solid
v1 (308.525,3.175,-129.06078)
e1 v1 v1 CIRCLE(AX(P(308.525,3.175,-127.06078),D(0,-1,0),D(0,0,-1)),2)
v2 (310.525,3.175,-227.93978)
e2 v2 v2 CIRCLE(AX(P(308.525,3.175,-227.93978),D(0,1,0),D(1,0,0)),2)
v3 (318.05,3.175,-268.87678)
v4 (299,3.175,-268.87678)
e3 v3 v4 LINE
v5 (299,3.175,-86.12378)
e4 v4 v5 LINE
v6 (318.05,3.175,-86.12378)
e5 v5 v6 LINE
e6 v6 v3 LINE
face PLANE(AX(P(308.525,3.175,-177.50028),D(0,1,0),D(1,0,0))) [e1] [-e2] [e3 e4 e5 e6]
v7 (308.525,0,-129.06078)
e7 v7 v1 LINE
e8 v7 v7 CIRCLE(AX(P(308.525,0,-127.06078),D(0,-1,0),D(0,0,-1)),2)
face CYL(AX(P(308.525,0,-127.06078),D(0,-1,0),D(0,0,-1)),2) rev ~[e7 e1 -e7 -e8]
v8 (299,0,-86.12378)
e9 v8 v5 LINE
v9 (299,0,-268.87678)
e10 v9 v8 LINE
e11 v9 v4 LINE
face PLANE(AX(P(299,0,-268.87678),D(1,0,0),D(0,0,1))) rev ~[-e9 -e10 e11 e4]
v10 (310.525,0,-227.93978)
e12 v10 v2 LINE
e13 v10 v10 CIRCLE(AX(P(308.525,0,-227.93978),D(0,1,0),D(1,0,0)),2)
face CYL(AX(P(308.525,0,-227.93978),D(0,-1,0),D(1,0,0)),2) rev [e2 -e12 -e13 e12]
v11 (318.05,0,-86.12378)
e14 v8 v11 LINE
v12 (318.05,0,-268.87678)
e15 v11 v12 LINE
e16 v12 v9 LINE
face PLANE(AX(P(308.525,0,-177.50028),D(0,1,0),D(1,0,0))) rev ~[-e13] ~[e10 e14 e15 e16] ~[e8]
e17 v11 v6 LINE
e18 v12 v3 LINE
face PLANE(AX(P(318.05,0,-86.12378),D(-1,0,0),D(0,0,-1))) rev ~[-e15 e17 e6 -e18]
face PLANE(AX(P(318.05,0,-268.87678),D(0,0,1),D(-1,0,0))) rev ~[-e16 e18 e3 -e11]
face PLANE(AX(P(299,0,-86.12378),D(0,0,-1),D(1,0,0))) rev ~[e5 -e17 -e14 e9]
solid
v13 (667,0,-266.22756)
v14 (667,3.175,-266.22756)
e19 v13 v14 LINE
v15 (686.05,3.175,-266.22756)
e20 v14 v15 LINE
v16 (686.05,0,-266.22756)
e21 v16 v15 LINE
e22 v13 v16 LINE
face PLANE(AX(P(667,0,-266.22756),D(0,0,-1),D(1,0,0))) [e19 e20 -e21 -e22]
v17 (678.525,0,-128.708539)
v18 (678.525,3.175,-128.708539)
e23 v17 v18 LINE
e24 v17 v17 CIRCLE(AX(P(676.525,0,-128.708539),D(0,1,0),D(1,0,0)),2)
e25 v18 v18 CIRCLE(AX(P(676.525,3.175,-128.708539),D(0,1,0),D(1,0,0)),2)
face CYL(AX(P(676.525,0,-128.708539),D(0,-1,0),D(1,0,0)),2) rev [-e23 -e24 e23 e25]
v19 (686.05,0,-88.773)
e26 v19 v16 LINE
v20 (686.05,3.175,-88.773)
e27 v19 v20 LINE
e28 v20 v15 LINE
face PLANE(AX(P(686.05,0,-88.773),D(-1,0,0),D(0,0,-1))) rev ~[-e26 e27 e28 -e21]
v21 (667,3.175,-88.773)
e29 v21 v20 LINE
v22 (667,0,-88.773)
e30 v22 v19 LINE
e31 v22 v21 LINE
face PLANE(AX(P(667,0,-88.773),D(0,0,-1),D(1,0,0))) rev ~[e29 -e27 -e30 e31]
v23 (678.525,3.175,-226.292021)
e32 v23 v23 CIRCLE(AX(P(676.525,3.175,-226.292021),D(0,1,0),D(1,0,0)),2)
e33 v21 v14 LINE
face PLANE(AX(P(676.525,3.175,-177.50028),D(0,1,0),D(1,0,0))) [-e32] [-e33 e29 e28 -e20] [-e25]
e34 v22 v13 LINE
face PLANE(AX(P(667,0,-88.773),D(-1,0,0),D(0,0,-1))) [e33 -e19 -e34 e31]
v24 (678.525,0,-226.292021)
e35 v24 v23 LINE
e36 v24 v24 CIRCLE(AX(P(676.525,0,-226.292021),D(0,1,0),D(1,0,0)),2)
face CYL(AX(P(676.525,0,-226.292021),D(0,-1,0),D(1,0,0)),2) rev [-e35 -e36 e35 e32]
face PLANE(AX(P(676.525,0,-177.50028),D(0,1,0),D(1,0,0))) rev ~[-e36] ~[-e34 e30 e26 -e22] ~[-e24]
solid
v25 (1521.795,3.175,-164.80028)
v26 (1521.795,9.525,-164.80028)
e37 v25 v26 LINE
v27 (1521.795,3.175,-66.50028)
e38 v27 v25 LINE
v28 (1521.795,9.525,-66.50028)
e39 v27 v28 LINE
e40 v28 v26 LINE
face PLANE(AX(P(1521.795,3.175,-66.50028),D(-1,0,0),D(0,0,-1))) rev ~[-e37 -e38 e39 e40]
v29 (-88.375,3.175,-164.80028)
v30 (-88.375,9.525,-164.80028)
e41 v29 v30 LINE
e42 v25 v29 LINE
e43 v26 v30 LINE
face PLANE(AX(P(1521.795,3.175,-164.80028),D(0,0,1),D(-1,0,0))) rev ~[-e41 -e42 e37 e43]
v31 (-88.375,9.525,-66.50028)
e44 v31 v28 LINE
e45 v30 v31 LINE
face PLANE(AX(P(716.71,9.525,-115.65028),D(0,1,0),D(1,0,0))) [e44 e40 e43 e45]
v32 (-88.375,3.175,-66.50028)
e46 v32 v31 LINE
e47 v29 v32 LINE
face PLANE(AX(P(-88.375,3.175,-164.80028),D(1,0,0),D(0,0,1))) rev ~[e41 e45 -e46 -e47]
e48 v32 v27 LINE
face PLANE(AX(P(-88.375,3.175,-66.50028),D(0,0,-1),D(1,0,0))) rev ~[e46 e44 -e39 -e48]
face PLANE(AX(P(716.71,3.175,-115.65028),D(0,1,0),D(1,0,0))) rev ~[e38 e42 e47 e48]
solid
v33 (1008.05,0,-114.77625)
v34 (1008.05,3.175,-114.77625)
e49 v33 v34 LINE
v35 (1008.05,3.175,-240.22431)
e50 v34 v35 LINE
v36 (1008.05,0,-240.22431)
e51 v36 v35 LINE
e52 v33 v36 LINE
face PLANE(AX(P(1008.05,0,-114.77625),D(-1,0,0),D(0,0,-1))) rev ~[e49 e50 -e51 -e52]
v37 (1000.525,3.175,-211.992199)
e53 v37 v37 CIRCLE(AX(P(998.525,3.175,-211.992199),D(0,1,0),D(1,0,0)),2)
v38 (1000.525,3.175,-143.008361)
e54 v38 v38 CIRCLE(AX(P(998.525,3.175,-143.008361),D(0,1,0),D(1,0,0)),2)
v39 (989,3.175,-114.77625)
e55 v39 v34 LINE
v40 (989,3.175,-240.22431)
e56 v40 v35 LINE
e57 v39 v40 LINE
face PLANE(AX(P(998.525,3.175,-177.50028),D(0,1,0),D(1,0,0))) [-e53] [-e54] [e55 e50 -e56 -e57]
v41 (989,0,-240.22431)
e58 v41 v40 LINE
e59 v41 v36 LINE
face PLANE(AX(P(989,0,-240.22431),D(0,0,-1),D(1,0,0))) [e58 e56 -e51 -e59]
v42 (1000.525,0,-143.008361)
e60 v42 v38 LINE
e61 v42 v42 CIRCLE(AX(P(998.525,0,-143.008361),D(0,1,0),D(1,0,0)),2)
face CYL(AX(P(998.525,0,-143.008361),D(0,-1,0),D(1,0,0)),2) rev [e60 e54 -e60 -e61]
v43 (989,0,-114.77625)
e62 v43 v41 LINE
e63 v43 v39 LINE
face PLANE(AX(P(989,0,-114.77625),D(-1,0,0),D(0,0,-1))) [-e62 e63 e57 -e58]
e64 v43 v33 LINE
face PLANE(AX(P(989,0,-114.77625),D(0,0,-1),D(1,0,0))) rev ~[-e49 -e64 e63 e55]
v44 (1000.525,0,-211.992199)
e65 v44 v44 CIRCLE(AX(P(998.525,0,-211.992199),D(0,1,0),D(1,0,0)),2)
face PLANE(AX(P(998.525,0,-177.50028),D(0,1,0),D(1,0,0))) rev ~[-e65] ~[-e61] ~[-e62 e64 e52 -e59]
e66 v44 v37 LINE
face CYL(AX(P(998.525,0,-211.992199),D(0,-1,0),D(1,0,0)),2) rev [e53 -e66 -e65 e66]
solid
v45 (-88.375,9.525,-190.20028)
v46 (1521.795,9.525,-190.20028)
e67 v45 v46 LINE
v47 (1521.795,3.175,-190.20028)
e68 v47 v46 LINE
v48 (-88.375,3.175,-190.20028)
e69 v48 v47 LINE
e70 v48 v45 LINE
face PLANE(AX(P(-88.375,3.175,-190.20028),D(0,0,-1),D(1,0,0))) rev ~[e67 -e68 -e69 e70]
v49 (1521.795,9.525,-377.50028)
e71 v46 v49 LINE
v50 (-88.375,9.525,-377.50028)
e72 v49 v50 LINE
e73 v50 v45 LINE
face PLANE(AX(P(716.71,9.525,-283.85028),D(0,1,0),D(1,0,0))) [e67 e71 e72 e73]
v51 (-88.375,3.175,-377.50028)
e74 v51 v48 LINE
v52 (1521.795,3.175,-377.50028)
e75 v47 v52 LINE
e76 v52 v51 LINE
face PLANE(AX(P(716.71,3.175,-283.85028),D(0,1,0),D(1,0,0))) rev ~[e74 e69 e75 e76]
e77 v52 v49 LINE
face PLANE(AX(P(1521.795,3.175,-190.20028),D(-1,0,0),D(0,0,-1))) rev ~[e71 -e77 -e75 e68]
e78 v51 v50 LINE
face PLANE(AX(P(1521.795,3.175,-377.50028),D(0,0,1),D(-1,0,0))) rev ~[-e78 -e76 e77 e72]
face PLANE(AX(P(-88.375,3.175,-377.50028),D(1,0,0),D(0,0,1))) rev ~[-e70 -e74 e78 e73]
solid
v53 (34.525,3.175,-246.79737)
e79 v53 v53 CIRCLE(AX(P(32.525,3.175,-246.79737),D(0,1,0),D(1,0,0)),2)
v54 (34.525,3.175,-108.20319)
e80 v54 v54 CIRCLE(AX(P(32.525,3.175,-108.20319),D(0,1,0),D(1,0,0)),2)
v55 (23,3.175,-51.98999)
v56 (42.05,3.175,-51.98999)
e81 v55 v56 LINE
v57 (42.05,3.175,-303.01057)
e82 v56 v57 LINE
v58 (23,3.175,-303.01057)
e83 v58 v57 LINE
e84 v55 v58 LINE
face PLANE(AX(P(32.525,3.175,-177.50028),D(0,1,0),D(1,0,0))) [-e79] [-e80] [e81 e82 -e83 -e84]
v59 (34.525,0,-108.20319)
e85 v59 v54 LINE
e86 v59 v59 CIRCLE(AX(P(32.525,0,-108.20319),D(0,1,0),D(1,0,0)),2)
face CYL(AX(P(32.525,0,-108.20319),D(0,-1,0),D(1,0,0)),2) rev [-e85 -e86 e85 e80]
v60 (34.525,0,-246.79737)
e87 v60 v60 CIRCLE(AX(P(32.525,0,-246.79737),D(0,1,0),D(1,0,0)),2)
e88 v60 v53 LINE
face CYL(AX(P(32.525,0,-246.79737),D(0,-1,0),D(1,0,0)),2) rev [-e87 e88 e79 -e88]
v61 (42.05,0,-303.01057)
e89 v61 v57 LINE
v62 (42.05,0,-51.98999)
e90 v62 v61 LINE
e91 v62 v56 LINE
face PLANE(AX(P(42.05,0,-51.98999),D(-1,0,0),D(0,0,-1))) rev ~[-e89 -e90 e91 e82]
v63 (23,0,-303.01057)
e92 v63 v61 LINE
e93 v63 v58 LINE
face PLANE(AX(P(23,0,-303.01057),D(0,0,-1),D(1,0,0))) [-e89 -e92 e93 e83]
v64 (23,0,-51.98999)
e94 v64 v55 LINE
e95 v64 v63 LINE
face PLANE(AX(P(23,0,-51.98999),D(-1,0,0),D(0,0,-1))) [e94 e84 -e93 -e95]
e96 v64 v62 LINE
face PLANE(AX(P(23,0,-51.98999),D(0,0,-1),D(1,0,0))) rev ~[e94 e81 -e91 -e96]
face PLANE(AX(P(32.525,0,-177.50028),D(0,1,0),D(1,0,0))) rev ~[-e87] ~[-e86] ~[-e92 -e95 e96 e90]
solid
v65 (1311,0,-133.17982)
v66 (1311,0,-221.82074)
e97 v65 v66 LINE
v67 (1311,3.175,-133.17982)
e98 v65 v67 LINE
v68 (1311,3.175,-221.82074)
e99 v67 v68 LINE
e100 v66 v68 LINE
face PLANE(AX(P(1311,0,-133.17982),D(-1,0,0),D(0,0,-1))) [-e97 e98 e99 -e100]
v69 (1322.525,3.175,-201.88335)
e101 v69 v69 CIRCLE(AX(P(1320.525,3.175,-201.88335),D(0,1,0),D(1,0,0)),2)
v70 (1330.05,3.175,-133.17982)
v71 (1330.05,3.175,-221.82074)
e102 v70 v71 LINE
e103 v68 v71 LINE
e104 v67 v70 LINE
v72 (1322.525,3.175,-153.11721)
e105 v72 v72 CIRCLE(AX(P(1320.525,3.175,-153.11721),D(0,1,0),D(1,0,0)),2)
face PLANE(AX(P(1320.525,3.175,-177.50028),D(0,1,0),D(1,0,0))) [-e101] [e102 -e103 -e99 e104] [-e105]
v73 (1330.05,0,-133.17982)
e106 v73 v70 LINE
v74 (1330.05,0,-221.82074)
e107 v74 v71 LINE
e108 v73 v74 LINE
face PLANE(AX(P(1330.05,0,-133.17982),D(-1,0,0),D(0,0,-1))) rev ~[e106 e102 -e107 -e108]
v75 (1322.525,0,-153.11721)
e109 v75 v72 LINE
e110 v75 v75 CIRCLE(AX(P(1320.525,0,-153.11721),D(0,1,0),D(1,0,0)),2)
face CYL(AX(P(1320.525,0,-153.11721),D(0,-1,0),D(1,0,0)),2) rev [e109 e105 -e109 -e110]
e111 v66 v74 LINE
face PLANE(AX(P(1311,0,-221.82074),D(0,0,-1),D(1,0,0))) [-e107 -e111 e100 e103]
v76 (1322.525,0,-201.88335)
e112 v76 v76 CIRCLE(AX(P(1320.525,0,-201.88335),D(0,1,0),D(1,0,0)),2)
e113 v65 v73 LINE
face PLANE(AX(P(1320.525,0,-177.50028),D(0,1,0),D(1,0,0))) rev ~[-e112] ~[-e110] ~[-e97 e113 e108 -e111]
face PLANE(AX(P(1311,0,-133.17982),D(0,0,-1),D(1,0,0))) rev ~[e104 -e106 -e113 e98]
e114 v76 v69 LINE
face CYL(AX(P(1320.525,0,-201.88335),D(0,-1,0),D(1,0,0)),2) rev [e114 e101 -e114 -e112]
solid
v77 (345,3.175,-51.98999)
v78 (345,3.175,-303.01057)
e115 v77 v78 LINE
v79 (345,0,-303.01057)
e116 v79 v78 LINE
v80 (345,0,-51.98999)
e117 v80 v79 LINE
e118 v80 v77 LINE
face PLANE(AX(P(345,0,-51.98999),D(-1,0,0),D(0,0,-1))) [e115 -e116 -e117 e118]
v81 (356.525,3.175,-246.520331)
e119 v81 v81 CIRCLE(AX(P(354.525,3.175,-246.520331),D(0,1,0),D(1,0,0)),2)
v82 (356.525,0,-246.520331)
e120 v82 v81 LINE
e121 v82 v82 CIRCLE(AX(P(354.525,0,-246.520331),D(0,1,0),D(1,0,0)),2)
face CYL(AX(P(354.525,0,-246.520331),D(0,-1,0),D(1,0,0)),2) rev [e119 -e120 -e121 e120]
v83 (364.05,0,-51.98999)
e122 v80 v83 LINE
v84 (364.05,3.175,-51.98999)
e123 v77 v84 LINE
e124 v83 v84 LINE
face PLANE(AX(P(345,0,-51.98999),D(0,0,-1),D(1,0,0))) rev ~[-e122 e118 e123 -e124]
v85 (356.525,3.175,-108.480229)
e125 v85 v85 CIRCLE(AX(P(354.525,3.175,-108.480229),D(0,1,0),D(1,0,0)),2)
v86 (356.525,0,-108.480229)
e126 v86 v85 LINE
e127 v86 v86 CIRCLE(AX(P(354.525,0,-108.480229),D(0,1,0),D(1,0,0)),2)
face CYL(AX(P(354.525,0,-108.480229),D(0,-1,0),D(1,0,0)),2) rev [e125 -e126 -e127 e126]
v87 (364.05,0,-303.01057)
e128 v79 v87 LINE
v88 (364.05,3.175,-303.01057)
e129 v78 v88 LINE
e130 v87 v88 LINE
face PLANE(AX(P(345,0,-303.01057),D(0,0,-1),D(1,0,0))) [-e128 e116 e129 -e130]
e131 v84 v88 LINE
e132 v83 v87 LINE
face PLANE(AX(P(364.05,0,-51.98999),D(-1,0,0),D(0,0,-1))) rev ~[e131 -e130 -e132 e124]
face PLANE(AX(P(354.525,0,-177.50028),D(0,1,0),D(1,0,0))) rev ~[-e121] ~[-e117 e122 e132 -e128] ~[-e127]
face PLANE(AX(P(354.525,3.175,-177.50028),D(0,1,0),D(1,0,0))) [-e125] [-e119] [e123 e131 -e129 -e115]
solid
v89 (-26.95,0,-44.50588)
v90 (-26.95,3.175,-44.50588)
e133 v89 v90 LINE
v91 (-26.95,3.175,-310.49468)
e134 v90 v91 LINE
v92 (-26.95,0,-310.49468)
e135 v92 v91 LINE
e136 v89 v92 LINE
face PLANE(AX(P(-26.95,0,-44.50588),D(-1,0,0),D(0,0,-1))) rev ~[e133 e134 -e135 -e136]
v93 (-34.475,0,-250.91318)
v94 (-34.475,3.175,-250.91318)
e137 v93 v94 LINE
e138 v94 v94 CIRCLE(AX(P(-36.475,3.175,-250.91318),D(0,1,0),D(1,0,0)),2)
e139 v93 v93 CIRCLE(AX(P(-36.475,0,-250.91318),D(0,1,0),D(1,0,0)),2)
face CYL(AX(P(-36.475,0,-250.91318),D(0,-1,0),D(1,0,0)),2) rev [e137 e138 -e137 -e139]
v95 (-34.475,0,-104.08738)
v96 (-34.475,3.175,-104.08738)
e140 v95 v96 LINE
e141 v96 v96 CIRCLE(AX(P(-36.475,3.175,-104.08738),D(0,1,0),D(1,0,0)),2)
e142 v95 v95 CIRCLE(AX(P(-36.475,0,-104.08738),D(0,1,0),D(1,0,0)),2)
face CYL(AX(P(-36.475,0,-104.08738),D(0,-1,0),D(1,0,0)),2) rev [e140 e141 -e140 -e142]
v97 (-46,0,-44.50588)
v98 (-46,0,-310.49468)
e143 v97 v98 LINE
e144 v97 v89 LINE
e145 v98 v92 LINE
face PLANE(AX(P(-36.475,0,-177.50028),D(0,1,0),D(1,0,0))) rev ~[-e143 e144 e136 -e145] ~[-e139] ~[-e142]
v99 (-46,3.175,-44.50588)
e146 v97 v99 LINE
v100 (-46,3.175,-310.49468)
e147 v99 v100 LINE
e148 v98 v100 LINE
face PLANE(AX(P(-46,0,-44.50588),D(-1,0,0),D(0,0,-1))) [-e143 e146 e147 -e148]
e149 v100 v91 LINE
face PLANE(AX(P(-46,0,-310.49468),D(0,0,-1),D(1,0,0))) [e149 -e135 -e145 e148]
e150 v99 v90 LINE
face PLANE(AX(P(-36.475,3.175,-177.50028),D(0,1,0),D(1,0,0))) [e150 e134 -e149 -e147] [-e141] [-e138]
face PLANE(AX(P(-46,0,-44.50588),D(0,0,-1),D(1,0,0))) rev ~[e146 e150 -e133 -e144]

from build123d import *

# Parameters (mm, degrees)
SKETCH2_W             = 19.05
SKETCH2_H             = 251.02058
SKETCH2_R             = 2
BOSS_EXTRUDE1_DEPTH   = 3.175
BOSS_EXTRUDE1_2_DEPTH = 3.175
BOSS_EXTRUDE1_3_DEPTH = 3.175
SKETCH2_H_2           = 177.45456
BOSS_EXTRUDE1_4_DEPTH = 3.175
SKETCH2_H_3           = 125.44806
BOSS_EXTRUDE1_5_DEPTH = 3.175
SKETCH2_H_4           = 88.64092
BOSS_EXTRUDE1_6_DEPTH = 3.175
SKETCH2_H_5           = 265.9888
BOSS_EXTRUDE1_7_DEPTH = 3.175
BOSS_EXTRUDE2_DEPTH   = 6.35
BOSS_EXTRUDE2_2_DEPTH = 6.35


with BuildPart() as part:
    # Sketch2 → Boss-Extrude1 (new body)
    with BuildSketch(Plane(origin=(0, 0, 0), x_dir=(1, 0, 0), z_dir=(0, 1, 0))):
        with Locations((32.525, 177.50028)):
            Rectangle(SKETCH2_W, SKETCH2_H)
        with Locations((32.525, 246.79737)):
            Circle(SKETCH2_R, mode=Mode.SUBTRACT)
        with Locations((32.525, 108.20319)):
            Circle(SKETCH2_R, mode=Mode.SUBTRACT)
    extrude(amount=BOSS_EXTRUDE1_DEPTH)


with BuildPart() as body_2:
    # Sketch2 → Boss-Extrude1 2 (new body)
    with BuildSketch(Plane(origin=(0, 0, 0), x_dir=(1, 0, 0), z_dir=(0, 1, 0))):
        Polygon((299, 268.87678), (299, 86.12378), (318.05, 86.12378), (318.05, 268.87678), (308.525, 268.87678), align=None)
        with Locations((308.525, 227.93978)):
            Circle(SKETCH2_R, mode=Mode.SUBTRACT)
        with BuildLine():
            ThreePointArc((308.525, 125.06078), (306.525, 127.06078), (308.525, 129.06078))
            ThreePointArc((308.525, 129.06078), (310.525, 127.06078), (308.525, 125.06078))
        make_face(mode=Mode.SUBTRACT)
    extrude(amount=BOSS_EXTRUDE1_2_DEPTH)


with BuildPart() as body_3:
    # Sketch2 → Boss-Extrude1 3 (new body)
    with BuildSketch(Plane(origin=(0, 0, 0), x_dir=(1, 0, 0), z_dir=(0, 1, 0))):
        with Locations((354.525, 177.50028)):
            Rectangle(SKETCH2_W, SKETCH2_H)
        with Locations((354.525, 108.48022915)):
            Circle(SKETCH2_R, mode=Mode.SUBTRACT)
        with Locations((354.525, 246.52033085)):
            Circle(SKETCH2_R, mode=Mode.SUBTRACT)
    extrude(amount=BOSS_EXTRUDE1_3_DEPTH)


with BuildPart() as body_4:
    # Sketch2 → Boss-Extrude1 4 (new body)
    with BuildSketch(Plane(origin=(0, 0, 0), x_dir=(1, 0, 0), z_dir=(0, 1, 0))):
        with Locations((676.525, 177.50028)):
            Rectangle(SKETCH2_W, SKETCH2_H_2)
        with Locations((676.525, 128.708539125)):
            Circle(SKETCH2_R, mode=Mode.SUBTRACT)
        with Locations((676.525, 226.292020875)):
            Circle(SKETCH2_R, mode=Mode.SUBTRACT)
    extrude(amount=BOSS_EXTRUDE1_4_DEPTH)


with BuildPart() as body_5:
    # Sketch2 → Boss-Extrude1 5 (new body)
    with BuildSketch(Plane(origin=(0, 0, 0), x_dir=(1, 0, 0), z_dir=(0, 1, 0))):
        with Locations((998.525, 177.50028)):
            Rectangle(SKETCH2_W, SKETCH2_H_3)
        with Locations((998.525, 143.008361365)):
            Circle(SKETCH2_R, mode=Mode.SUBTRACT)
        with Locations((998.525, 211.992198635)):
            Circle(SKETCH2_R, mode=Mode.SUBTRACT)
    extrude(amount=BOSS_EXTRUDE1_5_DEPTH)


with BuildPart() as body_6:
    # Sketch2 → Boss-Extrude1 6 (new body)
    with BuildSketch(Plane(origin=(0, 0, 0), x_dir=(1, 0, 0), z_dir=(0, 1, 0))):
        with Locations((1320.525, 177.50028)):
            Rectangle(SKETCH2_W, SKETCH2_H_4)
        with Locations((1320.525, 153.11720963)):
            Circle(SKETCH2_R, mode=Mode.SUBTRACT)
        with Locations((1320.525, 201.88335037)):
            Circle(SKETCH2_R, mode=Mode.SUBTRACT)
    extrude(amount=BOSS_EXTRUDE1_6_DEPTH)


with BuildPart() as body_7:
    # Sketch2 → Boss-Extrude1 7 (new body)
    with BuildSketch(Plane(origin=(0, 0, 0), x_dir=(1, 0, 0), z_dir=(0, 1, 0))):
        with Locations((-36.475, 177.50028)):
            Rectangle(SKETCH2_W, SKETCH2_H_5)
        with Locations((-36.475, 250.91318)):
            Circle(SKETCH2_R, mode=Mode.SUBTRACT)
        with Locations((-36.475, 104.08738)):
            Circle(SKETCH2_R, mode=Mode.SUBTRACT)
    extrude(amount=BOSS_EXTRUDE1_7_DEPTH)


with BuildPart() as body_8:
    # Sketch3 → Boss-Extrude2 (new body)
    with BuildSketch(Plane(origin=(0, 3.175, 0), x_dir=(1, 0, 0), z_dir=(0, 1, 0))):
        Polygon((1311, 190.20028), (1330.05, 190.20028), (1521.795, 190.20028), (1521.795, 377.50028), (-88.375, 377.50028), (-88.375, 190.20028), (-46, 190.20028), (-26.95, 190.20028), align=None)
    extrude(amount=BOSS_EXTRUDE2_DEPTH)


with BuildPart() as body_9:
    # Sketch3 → Boss-Extrude2 2 (new body)
    with BuildSketch(Plane(origin=(0, 3.175, 0), x_dir=(1, 0, 0), z_dir=(0, 1, 0))):
        Polygon((1521.795, 164.80028), (1330.05, 164.80028), (1311, 164.80028), (-88.375, 164.80028), (-88.375, 66.50028), (1521.795, 66.50028), align=None)
    extrude(amount=BOSS_EXTRUDE2_2_DEPTH)


solid = Compound([part.part, body_2.part, body_3.part, body_4.part, body_5.part, body_6.part, body_7.part, body_8.part, body_9.part])
